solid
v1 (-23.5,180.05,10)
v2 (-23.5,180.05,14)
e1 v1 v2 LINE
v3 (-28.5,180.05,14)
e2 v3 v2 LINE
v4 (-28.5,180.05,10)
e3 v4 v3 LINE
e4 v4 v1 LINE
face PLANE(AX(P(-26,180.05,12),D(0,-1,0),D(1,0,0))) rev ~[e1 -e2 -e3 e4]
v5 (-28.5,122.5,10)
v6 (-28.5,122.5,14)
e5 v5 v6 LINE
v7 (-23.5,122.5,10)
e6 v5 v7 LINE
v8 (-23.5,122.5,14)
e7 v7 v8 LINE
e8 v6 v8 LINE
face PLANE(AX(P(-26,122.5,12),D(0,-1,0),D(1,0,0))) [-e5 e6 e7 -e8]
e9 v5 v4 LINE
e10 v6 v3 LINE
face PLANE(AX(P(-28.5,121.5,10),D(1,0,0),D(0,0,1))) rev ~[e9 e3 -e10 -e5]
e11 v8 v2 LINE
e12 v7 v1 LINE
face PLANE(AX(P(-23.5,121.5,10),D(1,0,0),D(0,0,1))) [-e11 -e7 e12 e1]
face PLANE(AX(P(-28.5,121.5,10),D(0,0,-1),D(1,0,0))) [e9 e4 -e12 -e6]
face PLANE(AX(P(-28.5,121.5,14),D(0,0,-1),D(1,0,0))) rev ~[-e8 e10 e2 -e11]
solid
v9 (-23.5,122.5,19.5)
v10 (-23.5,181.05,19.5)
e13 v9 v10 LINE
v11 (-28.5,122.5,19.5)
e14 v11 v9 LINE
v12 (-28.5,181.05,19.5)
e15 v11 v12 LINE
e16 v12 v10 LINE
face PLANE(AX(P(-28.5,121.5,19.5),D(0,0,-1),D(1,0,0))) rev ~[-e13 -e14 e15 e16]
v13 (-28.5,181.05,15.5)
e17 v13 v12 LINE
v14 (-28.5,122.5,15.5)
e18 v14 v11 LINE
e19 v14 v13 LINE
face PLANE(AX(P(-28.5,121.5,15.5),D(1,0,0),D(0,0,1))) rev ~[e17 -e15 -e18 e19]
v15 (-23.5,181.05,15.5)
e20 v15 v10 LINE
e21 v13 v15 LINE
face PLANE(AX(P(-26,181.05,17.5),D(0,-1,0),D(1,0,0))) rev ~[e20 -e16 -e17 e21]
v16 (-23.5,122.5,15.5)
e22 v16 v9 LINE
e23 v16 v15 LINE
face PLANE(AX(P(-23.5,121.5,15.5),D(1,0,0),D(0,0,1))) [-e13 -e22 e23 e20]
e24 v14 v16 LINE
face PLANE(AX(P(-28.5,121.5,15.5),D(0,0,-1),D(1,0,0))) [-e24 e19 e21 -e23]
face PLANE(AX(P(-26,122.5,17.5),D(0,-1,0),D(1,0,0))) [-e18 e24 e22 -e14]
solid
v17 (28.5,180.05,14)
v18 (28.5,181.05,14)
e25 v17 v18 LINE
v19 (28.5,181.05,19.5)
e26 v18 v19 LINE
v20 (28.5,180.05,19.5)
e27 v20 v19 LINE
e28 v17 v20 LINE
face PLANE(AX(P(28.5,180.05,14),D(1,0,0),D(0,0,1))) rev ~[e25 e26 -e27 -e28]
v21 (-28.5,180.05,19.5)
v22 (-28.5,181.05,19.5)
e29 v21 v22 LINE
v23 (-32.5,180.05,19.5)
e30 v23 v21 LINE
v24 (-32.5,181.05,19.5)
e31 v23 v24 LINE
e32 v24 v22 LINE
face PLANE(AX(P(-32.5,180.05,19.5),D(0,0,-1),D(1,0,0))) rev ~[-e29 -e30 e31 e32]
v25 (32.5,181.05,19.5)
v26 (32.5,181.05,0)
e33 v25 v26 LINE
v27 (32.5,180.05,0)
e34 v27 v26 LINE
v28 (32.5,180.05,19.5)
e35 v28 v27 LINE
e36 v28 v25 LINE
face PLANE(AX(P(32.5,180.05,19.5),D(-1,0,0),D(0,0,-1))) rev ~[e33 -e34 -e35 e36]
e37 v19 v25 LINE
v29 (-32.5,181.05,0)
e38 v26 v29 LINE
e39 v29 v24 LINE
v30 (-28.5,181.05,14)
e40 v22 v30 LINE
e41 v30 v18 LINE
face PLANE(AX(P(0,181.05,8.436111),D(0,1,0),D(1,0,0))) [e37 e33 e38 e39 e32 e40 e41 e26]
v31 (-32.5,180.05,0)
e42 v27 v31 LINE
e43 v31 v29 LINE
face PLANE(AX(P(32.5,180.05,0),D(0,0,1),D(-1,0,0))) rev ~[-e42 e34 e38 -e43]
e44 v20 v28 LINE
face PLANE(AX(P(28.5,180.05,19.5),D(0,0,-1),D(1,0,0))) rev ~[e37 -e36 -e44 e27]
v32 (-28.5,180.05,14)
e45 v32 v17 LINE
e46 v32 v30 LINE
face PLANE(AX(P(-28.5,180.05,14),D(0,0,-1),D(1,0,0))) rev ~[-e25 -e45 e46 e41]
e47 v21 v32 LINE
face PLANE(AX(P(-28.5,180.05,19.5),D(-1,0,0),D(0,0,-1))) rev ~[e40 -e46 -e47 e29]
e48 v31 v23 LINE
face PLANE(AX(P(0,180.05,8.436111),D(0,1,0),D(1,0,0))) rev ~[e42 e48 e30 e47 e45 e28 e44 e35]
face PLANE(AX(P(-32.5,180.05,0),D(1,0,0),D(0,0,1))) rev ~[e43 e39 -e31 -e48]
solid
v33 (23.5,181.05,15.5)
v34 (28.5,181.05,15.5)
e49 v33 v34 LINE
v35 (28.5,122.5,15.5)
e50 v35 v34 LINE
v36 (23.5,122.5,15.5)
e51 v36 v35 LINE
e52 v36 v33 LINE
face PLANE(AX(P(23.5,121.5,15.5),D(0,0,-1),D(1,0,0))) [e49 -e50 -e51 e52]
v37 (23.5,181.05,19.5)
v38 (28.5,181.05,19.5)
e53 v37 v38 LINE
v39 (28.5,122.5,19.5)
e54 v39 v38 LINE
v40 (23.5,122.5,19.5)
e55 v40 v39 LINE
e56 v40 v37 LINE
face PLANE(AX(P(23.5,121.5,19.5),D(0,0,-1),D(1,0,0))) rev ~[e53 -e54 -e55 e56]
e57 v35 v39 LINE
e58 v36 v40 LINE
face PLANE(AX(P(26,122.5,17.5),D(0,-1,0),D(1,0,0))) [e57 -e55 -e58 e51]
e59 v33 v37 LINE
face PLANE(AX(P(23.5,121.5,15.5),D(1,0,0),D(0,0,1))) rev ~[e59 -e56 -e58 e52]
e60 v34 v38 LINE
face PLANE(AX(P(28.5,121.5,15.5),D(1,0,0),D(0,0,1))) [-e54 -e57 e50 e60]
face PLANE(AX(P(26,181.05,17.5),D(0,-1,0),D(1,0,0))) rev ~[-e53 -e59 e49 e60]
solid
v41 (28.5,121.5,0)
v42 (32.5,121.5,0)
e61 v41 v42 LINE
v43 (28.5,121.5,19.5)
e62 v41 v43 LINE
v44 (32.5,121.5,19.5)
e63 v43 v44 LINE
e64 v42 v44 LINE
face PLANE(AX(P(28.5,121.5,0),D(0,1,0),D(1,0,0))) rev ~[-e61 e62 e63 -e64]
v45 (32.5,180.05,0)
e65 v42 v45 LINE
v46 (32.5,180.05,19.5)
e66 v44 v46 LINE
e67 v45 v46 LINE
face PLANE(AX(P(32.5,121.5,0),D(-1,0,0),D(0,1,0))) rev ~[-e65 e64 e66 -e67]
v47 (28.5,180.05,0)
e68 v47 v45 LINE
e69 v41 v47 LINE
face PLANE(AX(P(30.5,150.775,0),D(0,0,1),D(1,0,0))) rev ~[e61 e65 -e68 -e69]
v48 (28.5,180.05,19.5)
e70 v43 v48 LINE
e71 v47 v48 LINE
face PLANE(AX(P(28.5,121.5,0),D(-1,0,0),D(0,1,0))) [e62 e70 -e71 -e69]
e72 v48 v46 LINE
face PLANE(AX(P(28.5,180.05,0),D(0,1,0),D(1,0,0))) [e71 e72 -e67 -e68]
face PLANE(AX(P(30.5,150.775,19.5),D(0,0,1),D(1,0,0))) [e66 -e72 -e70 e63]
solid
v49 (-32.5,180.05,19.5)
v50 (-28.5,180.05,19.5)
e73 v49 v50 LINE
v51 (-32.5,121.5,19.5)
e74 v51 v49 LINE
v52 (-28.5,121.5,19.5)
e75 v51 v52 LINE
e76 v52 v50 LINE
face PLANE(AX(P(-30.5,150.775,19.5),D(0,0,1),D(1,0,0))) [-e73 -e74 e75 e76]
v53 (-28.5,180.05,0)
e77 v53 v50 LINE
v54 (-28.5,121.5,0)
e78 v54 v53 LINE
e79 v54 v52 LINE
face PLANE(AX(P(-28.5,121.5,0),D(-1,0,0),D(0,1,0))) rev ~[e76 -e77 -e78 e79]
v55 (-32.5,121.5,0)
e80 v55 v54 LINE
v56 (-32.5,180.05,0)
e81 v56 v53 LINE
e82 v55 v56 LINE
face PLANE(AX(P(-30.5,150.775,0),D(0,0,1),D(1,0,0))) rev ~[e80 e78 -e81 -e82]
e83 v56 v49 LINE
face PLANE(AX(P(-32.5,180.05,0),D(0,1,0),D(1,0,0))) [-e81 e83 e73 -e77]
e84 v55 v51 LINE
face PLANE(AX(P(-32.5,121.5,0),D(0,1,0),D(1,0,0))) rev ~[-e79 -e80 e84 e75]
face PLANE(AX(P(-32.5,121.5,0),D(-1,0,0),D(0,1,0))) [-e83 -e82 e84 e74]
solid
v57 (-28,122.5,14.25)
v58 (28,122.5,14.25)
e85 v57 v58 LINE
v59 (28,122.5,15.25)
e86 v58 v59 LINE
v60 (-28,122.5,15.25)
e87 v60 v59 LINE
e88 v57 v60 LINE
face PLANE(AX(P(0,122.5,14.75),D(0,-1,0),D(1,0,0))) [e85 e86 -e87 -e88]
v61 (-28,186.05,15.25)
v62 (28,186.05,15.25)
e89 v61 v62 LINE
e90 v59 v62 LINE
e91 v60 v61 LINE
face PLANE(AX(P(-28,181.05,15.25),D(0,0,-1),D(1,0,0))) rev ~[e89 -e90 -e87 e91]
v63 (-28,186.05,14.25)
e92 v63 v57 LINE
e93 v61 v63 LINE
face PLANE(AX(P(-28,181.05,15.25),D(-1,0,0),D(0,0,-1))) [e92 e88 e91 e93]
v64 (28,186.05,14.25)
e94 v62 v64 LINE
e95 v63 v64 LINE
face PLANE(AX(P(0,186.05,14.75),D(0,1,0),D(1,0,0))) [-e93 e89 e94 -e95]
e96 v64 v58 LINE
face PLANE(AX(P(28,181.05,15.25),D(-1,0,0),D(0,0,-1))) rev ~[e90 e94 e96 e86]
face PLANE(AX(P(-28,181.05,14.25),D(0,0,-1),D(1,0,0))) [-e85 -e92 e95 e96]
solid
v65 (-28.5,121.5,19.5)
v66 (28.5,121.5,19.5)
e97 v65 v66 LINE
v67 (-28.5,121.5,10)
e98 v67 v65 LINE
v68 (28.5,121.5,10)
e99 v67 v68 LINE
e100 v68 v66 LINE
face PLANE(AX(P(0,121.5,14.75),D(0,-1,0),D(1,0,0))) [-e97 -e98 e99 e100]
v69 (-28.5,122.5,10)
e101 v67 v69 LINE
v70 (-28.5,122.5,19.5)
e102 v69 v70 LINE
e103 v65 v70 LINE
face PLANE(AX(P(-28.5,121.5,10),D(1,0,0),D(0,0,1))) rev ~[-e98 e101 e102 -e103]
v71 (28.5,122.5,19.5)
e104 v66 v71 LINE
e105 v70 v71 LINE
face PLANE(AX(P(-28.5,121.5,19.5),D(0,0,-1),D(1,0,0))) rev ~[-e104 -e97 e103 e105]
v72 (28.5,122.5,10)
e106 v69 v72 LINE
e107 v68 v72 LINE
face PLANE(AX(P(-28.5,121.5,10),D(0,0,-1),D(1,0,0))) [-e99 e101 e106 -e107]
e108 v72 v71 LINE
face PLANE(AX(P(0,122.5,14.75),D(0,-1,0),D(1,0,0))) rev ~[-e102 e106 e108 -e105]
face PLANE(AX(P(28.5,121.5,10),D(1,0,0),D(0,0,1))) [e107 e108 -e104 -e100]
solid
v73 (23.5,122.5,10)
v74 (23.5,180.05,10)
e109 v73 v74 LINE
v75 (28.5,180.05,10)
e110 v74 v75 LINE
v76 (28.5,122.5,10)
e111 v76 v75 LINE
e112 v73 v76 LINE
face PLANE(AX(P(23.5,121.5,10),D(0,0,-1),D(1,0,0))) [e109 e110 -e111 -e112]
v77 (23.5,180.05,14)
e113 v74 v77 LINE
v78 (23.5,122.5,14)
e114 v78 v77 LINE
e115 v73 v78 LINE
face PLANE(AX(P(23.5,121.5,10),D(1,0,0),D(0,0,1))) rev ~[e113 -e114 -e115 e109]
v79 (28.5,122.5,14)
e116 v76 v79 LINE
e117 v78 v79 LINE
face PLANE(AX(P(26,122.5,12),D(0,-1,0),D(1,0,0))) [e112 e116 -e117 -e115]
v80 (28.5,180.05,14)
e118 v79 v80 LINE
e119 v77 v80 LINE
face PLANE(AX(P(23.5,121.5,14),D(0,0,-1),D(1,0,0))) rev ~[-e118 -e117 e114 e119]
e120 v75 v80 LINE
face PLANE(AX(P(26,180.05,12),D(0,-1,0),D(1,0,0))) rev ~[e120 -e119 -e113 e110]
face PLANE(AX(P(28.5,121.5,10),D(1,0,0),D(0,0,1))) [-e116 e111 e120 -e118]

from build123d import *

# Parameters (mm, degrees)
SKETCH_6_W          = 4
SKETCH_6_H          = 58.55
EXTRUDE_8_DEPTH     = 19.5
EXTRUDE_8_2_DEPTH   = 19.5
EXTRUDE_9_DEPTH     = 1
SKETCH_8_W          = 5
SKETCH_8_H          = 4
EXTRUDE_10_DEPTH    = 58.55
EXTRUDE_10_2_DEPTH  = 58.55
SKETCH_8_3_W        = 5
SKETCH_8_3_H        = 4
EXTRUDE_11_DEPTH    = 59.55
EXTRUDE_11_2_DEPTH  = 59.55
SKETCH_9_W          = 56
SKETCH_9_H          = 1
EXTRUDE_12_DEPTH    = 59.55
SKETCH_10_W         = 56
SKETCH_10_H         = 1
EXTRUDE_13_DEPTH    = 5
SKETCH_11_W         = 5
SKETCH_11_H         = 4
CUT_EXTRUDE_5_DEPTH = 1
SKETCH_12_W         = 57
SKETCH_12_H         = 9.5
EXTRUDE_14_DEPTH    = 1
SKETCH_13_W         = 56
SKETCH_13_H         = 1
CUT_EXTRUDE_6_DEPTH = 1
SKETCH_14_W         = 57
SKETCH_14_H         = 9.5
EXTRUDE_15_DEPTH    = 1


with BuildPart() as part:
    # 스케치6 → 보스-돌출8 (new body)
    with BuildSketch(Plane.XY):
        with Locations((-30.5, 150.775)):
            Rectangle(SKETCH_6_W, SKETCH_6_H)
    extrude(amount=EXTRUDE_8_DEPTH)


with BuildPart() as body_2:
    # 스케치6 → Extrude 8 2 (new body)
    with BuildSketch(Plane.XY):
        with Locations((30.5, 150.775)):
            Rectangle(SKETCH_6_W, SKETCH_6_H)
    extrude(amount=EXTRUDE_8_2_DEPTH)


with BuildPart() as body_3:
    # 스케치7 → 보스-돌출9 (new body)
    with BuildSketch(Plane(origin=(0, 180.05, 0), x_dir=(1, 0, 0), z_dir=(0, 1, 0))):
        Polygon((-32.5, 0), (-32.5, -19.5), (-28.5, -19.5), (-28.5, -14), (28.5, -14), (28.5, -19.5), (32.5, -19.5), (32.5, 0), align=None)
    extrude(amount=EXTRUDE_9_DEPTH)


with BuildPart() as body_4:
    # 스케치8 → 보스-돌출10 (new body)
    with BuildSketch(Plane.XZ.offset(-121.5)):
        with Locations((-26, 12)):
            Rectangle(SKETCH_8_W, SKETCH_8_H)
    extrude(amount=-EXTRUDE_10_DEPTH)


with BuildPart() as body_5:
    # 스케치8 → Extrude 10 2 (new body)
    with BuildSketch(Plane.XZ.offset(-121.5)):
        with Locations((26, 12)):
            Rectangle(SKETCH_8_W, SKETCH_8_H)
    extrude(amount=-EXTRUDE_10_2_DEPTH)


with BuildPart() as body_6:
    # 스케치8<3> → 보스-돌출11 (new body)
    with BuildSketch(Plane.XZ.offset(-121.5)):
        with Locations((-26, 17.5)):
            Rectangle(SKETCH_8_3_W, SKETCH_8_3_H)
    extrude(amount=-EXTRUDE_11_DEPTH)


with BuildPart() as body_7:
    # 스케치8<3> → Extrude 11 2 (new body)
    with BuildSketch(Plane.XZ.offset(-121.5)):
        with Locations((26, 17.5)):
            Rectangle(SKETCH_8_3_W, SKETCH_8_3_H)
    extrude(amount=-EXTRUDE_11_2_DEPTH)


with BuildPart() as body_8:
    # 스케치9 → 보스-돌출12 (new body)
    with BuildSketch(Plane(origin=(0, 181.05, 0), x_dir=(1, 0, 0), z_dir=(0, 1, 0))):
        with Locations((0, -14.75)):
            Rectangle(SKETCH_9_W, SKETCH_9_H)
    extrude(amount=-EXTRUDE_12_DEPTH)

    # 스케치10 → 보스-돌출13 (add)
    with BuildSketch(Plane(origin=(0, 181.05, 0), x_dir=(1, 0, 0), z_dir=(0, 1, 0))):
        with Locations((0, -14.75)):
            Rectangle(SKETCH_10_W, SKETCH_10_H)
    extrude(amount=EXTRUDE_13_DEPTH)

    # 스케치13 → 컷-돌출6 (cut)
    with BuildSketch(Plane.XZ.offset(-121.5)):
        with Locations((0, 14.75)):
            Rectangle(SKETCH_13_W, SKETCH_13_H)
    extrude(amount=-CUT_EXTRUDE_6_DEPTH, mode=Mode.SUBTRACT)


with BuildPart() as cut_extrude_5_tool:
    # 스케치11 → 컷-돌출5 (new body)
    with BuildSketch(Plane.XZ.offset(-121.5)):
        with Locations((-26, 17.5)):
            Rectangle(SKETCH_11_W, SKETCH_11_H)
        with Locations((-26, 12)):
            Rectangle(SKETCH_11_W, SKETCH_11_H)
        with Locations((26, 12)):
            Rectangle(SKETCH_11_W, SKETCH_11_H)
        with Locations((26, 17.5)):
            Rectangle(SKETCH_11_W, SKETCH_11_H)
    extrude(amount=-CUT_EXTRUDE_5_DEPTH)


with BuildPart() as body_4_1:
    add(body_4.part)

    # 컷-돌출5: cut by cut_extrude_5_tool
    add(cut_extrude_5_tool.part, mode=Mode.SUBTRACT)


with BuildPart() as body_5_1:
    add(body_5.part)

    # 컷-돌출5: cut by cut_extrude_5_tool
    add(cut_extrude_5_tool.part, mode=Mode.SUBTRACT)


with BuildPart() as body_6_1:
    add(body_6.part)

    # 컷-돌출5: cut by cut_extrude_5_tool
    add(cut_extrude_5_tool.part, mode=Mode.SUBTRACT)


with BuildPart() as body_7_1:
    add(body_7.part)

    # 컷-돌출5: cut by cut_extrude_5_tool
    add(cut_extrude_5_tool.part, mode=Mode.SUBTRACT)


with BuildPart() as body_9:
    # 스케치12 → 보스-돌출14 (new body)
    with BuildSketch(Plane.XZ.offset(-121.5)):
        with Locations((0, 14.75)):
            Rectangle(SKETCH_12_W, SKETCH_12_H)
    extrude(amount=-EXTRUDE_14_DEPTH)


with BuildPart() as body_10:
    # 스케치14 → 보스-돌출15 (new body)
    with BuildSketch(Plane.XZ.offset(-121.5)):
        with Locations((0, 14.75)):
            Rectangle(SKETCH_14_W, SKETCH_14_H)
    extrude(amount=-EXTRUDE_15_DEPTH)


solid = Compound([part.part, body_2.part, body_3.part, body_8.part, body_4_1.part, body_5_1.part, body_6_1.part, body_7_1.part, body_9.part])
